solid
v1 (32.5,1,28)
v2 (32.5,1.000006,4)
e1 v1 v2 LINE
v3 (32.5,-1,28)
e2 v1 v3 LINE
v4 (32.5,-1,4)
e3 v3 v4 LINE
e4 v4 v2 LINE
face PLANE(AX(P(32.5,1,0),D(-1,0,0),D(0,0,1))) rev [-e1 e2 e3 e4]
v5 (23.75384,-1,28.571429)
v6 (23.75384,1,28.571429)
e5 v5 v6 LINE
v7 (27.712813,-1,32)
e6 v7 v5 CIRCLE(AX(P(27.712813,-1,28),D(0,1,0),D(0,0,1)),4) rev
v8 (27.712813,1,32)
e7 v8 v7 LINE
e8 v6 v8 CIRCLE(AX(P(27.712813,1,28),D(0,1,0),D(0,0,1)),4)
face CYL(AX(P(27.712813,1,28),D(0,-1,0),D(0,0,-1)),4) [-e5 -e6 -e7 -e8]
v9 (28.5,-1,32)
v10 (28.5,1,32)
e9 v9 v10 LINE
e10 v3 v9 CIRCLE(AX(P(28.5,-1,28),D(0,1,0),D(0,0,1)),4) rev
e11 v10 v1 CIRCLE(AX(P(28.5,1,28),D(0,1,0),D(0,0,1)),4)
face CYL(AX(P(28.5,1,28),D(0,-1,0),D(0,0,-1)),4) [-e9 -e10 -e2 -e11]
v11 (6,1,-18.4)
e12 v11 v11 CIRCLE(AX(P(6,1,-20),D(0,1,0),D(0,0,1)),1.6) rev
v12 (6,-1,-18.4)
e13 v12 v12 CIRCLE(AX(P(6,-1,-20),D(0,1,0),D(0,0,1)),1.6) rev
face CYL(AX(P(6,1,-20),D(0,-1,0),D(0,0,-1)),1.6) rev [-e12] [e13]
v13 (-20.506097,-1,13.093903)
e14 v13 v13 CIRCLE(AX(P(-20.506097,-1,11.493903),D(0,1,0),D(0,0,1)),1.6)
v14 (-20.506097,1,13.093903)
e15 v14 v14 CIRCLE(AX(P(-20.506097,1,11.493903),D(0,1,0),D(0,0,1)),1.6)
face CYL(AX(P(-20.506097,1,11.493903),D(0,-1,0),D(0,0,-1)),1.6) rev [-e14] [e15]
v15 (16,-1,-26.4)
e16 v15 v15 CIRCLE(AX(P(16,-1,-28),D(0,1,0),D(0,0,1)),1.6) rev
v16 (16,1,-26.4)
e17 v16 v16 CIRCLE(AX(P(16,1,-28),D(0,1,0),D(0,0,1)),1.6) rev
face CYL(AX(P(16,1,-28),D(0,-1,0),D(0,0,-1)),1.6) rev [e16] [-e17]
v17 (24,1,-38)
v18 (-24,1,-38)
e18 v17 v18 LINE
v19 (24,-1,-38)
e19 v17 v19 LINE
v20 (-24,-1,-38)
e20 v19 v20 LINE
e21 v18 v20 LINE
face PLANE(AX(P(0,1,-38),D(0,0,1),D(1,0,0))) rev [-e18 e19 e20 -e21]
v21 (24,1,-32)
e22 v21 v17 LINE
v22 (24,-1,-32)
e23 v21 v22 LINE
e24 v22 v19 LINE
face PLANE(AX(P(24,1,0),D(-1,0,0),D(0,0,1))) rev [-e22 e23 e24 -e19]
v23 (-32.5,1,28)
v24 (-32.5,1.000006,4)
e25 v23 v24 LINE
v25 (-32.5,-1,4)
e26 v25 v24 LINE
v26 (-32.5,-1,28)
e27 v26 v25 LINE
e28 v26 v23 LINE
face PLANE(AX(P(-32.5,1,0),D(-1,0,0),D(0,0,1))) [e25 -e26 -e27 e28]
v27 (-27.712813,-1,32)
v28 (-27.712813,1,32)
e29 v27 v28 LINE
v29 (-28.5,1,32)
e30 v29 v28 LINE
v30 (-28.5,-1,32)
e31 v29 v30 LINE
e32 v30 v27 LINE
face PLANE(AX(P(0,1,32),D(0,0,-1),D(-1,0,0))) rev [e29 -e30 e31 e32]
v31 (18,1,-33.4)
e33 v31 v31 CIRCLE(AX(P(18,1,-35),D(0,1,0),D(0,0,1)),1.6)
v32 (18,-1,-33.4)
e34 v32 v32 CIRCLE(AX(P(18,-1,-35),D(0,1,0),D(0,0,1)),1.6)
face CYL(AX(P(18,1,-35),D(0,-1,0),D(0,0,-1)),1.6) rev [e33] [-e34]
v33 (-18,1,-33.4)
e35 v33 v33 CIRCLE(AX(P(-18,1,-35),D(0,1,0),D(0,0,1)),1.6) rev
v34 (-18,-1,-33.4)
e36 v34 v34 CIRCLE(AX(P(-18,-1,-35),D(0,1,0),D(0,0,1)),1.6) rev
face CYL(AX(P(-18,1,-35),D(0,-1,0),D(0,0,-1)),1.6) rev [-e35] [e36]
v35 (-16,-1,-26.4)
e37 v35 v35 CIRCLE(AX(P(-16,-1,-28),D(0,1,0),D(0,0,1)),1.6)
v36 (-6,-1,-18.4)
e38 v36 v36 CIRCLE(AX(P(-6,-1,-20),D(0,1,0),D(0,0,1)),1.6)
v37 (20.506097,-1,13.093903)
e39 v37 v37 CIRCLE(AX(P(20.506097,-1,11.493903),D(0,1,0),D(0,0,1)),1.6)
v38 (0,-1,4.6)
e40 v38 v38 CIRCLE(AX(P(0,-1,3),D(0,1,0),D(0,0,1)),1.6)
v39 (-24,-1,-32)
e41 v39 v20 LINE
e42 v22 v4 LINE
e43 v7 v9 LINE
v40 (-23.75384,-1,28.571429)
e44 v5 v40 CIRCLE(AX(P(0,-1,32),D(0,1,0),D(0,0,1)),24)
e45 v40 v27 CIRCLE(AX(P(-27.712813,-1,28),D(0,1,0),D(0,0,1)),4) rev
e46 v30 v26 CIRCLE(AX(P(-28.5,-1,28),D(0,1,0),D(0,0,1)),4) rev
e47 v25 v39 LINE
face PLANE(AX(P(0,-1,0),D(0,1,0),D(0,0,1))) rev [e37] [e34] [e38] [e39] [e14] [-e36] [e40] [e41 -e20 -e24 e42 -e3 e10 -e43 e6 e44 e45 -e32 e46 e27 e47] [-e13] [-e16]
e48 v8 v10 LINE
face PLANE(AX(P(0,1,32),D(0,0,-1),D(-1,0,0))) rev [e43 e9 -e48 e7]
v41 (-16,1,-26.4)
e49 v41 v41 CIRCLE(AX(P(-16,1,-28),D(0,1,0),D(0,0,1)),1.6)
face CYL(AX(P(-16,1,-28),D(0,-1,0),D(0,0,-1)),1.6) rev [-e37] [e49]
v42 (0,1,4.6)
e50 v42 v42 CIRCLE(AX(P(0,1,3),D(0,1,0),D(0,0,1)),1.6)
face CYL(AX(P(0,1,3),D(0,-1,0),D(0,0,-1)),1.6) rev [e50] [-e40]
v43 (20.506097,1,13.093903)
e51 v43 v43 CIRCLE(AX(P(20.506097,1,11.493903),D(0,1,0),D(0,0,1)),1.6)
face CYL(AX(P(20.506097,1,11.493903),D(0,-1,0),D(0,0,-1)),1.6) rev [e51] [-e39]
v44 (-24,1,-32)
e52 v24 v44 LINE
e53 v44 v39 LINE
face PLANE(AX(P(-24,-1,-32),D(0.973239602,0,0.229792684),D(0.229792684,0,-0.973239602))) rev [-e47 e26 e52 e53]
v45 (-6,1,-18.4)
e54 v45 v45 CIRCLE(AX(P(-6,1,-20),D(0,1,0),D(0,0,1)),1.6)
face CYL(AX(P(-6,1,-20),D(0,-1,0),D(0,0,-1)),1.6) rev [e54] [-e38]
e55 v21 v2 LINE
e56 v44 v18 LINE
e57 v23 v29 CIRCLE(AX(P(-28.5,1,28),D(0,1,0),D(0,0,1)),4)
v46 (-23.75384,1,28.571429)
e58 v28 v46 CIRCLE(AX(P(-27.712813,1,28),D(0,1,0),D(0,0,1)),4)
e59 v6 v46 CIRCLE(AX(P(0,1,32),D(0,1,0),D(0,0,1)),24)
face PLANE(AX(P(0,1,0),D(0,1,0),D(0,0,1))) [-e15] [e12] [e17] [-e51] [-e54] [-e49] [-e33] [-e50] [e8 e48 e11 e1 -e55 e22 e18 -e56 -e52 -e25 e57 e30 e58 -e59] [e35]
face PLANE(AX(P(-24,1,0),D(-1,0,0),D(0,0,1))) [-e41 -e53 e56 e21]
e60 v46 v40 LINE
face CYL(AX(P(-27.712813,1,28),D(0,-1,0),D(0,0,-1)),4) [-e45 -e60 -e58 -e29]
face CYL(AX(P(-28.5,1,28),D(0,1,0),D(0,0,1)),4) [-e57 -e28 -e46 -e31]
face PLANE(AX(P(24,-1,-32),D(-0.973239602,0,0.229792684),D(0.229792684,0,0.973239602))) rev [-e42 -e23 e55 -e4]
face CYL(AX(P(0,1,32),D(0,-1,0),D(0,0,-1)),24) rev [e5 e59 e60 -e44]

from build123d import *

# Parameters (mm, degrees)
SKETCH_1_R               = 1.6
EXTRUDE_1_DEPTH          = 1
FILLET_2_R               = 4
CUT_EXTRUDE_1_DEPTH      = 51.042481953
CUT_EXTRUDE_1_DEPTH_BACK = 51.042481953


with BuildPart() as part:
    # 草图1 → 凸台-拉伸1 (new, symmetric)
    with BuildSketch(Plane(origin=(0, 0, 0), x_dir=(1, 0, 0), z_dir=(0, 1, 0))):
        with BuildLine():
            ThreePointArc((-24, -32), (0, -8), (24, -32))
            Line((24, -32), (32.5, -32))
            Line((32.5, -32), (32.5, 32))
            Line((32.5, 32), (24, 32))
            Line((24, 32), (24, 38))
            Line((24, 38), (-24, 38))
            Line((-24, 38), (-24, 32))
            Line((-24, 32), (-32.5, 32))
            Line((-32.5, 32), (-32.5, -32))
            Line((-32.5, -32), (-24, -32))
        make_face()
        with Locations(Location((-20.506096654, -11.493903346, 0), (0, 0, 270))):
            Circle(SKETCH_1_R, mode=Mode.SUBTRACT)
        with Locations(Location((20.506096654, -11.493903346, 0), (0, 0, 270))):
            Circle(SKETCH_1_R, mode=Mode.SUBTRACT)
        with Locations(Location((-6, 20, 0), (0, 0, 270))):
            Circle(SKETCH_1_R, mode=Mode.SUBTRACT)
        with Locations(Location((-16, 28, 0), (0, 0, 270))):
            Circle(SKETCH_1_R, mode=Mode.SUBTRACT)
        with Locations(Location((0, -3, 0), (0, 0, 270))):
            Circle(SKETCH_1_R, mode=Mode.SUBTRACT)
        with Locations(Location((6, 20, 0), (0, 0, 270))):
            Circle(SKETCH_1_R, mode=Mode.SUBTRACT)
        with Locations(Location((16, 28, 0), (0, 0, 270))):
            Circle(SKETCH_1_R, mode=Mode.SUBTRACT)
        with Locations(Location((18, 35, 0), (0, 0, 270))):
            Circle(SKETCH_1_R, mode=Mode.SUBTRACT)
        with Locations(Location((-18, 35, 0), (0, 0, 270))):
            Circle(SKETCH_1_R, mode=Mode.SUBTRACT)
    extrude(amount=EXTRUDE_1_DEPTH, both=True)

    # 圆角2
    fillet_2_edges = [part.edges().sort_by_distance(p)[0] for p in [
        (32.5, 0, 32),
        (24, 0, 32),
        (-24, 0, 32),
        (-32.5, 0, 32),
    ]]
    fillet(fillet_2_edges, radius=FILLET_2_R)

    # 草图2 → 切除-拉伸1 (cut, two sides: drawn at the far end of the back side and taken through both)
    with BuildSketch(Plane(origin=(0, 1, 0), x_dir=(1, 0, 0), z_dir=(0, 1, 0)).offset(-CUT_EXTRUDE_1_DEPTH_BACK)):
        Polygon((32.5, 32), (24, 32), (32.5, -4), align=None)
        Polygon((-32.5, -4), (-32.5, 32), (-24, 32), align=None)
    extrude(amount=CUT_EXTRUDE_1_DEPTH + CUT_EXTRUDE_1_DEPTH_BACK, mode=Mode.SUBTRACT)


solid = part.part
